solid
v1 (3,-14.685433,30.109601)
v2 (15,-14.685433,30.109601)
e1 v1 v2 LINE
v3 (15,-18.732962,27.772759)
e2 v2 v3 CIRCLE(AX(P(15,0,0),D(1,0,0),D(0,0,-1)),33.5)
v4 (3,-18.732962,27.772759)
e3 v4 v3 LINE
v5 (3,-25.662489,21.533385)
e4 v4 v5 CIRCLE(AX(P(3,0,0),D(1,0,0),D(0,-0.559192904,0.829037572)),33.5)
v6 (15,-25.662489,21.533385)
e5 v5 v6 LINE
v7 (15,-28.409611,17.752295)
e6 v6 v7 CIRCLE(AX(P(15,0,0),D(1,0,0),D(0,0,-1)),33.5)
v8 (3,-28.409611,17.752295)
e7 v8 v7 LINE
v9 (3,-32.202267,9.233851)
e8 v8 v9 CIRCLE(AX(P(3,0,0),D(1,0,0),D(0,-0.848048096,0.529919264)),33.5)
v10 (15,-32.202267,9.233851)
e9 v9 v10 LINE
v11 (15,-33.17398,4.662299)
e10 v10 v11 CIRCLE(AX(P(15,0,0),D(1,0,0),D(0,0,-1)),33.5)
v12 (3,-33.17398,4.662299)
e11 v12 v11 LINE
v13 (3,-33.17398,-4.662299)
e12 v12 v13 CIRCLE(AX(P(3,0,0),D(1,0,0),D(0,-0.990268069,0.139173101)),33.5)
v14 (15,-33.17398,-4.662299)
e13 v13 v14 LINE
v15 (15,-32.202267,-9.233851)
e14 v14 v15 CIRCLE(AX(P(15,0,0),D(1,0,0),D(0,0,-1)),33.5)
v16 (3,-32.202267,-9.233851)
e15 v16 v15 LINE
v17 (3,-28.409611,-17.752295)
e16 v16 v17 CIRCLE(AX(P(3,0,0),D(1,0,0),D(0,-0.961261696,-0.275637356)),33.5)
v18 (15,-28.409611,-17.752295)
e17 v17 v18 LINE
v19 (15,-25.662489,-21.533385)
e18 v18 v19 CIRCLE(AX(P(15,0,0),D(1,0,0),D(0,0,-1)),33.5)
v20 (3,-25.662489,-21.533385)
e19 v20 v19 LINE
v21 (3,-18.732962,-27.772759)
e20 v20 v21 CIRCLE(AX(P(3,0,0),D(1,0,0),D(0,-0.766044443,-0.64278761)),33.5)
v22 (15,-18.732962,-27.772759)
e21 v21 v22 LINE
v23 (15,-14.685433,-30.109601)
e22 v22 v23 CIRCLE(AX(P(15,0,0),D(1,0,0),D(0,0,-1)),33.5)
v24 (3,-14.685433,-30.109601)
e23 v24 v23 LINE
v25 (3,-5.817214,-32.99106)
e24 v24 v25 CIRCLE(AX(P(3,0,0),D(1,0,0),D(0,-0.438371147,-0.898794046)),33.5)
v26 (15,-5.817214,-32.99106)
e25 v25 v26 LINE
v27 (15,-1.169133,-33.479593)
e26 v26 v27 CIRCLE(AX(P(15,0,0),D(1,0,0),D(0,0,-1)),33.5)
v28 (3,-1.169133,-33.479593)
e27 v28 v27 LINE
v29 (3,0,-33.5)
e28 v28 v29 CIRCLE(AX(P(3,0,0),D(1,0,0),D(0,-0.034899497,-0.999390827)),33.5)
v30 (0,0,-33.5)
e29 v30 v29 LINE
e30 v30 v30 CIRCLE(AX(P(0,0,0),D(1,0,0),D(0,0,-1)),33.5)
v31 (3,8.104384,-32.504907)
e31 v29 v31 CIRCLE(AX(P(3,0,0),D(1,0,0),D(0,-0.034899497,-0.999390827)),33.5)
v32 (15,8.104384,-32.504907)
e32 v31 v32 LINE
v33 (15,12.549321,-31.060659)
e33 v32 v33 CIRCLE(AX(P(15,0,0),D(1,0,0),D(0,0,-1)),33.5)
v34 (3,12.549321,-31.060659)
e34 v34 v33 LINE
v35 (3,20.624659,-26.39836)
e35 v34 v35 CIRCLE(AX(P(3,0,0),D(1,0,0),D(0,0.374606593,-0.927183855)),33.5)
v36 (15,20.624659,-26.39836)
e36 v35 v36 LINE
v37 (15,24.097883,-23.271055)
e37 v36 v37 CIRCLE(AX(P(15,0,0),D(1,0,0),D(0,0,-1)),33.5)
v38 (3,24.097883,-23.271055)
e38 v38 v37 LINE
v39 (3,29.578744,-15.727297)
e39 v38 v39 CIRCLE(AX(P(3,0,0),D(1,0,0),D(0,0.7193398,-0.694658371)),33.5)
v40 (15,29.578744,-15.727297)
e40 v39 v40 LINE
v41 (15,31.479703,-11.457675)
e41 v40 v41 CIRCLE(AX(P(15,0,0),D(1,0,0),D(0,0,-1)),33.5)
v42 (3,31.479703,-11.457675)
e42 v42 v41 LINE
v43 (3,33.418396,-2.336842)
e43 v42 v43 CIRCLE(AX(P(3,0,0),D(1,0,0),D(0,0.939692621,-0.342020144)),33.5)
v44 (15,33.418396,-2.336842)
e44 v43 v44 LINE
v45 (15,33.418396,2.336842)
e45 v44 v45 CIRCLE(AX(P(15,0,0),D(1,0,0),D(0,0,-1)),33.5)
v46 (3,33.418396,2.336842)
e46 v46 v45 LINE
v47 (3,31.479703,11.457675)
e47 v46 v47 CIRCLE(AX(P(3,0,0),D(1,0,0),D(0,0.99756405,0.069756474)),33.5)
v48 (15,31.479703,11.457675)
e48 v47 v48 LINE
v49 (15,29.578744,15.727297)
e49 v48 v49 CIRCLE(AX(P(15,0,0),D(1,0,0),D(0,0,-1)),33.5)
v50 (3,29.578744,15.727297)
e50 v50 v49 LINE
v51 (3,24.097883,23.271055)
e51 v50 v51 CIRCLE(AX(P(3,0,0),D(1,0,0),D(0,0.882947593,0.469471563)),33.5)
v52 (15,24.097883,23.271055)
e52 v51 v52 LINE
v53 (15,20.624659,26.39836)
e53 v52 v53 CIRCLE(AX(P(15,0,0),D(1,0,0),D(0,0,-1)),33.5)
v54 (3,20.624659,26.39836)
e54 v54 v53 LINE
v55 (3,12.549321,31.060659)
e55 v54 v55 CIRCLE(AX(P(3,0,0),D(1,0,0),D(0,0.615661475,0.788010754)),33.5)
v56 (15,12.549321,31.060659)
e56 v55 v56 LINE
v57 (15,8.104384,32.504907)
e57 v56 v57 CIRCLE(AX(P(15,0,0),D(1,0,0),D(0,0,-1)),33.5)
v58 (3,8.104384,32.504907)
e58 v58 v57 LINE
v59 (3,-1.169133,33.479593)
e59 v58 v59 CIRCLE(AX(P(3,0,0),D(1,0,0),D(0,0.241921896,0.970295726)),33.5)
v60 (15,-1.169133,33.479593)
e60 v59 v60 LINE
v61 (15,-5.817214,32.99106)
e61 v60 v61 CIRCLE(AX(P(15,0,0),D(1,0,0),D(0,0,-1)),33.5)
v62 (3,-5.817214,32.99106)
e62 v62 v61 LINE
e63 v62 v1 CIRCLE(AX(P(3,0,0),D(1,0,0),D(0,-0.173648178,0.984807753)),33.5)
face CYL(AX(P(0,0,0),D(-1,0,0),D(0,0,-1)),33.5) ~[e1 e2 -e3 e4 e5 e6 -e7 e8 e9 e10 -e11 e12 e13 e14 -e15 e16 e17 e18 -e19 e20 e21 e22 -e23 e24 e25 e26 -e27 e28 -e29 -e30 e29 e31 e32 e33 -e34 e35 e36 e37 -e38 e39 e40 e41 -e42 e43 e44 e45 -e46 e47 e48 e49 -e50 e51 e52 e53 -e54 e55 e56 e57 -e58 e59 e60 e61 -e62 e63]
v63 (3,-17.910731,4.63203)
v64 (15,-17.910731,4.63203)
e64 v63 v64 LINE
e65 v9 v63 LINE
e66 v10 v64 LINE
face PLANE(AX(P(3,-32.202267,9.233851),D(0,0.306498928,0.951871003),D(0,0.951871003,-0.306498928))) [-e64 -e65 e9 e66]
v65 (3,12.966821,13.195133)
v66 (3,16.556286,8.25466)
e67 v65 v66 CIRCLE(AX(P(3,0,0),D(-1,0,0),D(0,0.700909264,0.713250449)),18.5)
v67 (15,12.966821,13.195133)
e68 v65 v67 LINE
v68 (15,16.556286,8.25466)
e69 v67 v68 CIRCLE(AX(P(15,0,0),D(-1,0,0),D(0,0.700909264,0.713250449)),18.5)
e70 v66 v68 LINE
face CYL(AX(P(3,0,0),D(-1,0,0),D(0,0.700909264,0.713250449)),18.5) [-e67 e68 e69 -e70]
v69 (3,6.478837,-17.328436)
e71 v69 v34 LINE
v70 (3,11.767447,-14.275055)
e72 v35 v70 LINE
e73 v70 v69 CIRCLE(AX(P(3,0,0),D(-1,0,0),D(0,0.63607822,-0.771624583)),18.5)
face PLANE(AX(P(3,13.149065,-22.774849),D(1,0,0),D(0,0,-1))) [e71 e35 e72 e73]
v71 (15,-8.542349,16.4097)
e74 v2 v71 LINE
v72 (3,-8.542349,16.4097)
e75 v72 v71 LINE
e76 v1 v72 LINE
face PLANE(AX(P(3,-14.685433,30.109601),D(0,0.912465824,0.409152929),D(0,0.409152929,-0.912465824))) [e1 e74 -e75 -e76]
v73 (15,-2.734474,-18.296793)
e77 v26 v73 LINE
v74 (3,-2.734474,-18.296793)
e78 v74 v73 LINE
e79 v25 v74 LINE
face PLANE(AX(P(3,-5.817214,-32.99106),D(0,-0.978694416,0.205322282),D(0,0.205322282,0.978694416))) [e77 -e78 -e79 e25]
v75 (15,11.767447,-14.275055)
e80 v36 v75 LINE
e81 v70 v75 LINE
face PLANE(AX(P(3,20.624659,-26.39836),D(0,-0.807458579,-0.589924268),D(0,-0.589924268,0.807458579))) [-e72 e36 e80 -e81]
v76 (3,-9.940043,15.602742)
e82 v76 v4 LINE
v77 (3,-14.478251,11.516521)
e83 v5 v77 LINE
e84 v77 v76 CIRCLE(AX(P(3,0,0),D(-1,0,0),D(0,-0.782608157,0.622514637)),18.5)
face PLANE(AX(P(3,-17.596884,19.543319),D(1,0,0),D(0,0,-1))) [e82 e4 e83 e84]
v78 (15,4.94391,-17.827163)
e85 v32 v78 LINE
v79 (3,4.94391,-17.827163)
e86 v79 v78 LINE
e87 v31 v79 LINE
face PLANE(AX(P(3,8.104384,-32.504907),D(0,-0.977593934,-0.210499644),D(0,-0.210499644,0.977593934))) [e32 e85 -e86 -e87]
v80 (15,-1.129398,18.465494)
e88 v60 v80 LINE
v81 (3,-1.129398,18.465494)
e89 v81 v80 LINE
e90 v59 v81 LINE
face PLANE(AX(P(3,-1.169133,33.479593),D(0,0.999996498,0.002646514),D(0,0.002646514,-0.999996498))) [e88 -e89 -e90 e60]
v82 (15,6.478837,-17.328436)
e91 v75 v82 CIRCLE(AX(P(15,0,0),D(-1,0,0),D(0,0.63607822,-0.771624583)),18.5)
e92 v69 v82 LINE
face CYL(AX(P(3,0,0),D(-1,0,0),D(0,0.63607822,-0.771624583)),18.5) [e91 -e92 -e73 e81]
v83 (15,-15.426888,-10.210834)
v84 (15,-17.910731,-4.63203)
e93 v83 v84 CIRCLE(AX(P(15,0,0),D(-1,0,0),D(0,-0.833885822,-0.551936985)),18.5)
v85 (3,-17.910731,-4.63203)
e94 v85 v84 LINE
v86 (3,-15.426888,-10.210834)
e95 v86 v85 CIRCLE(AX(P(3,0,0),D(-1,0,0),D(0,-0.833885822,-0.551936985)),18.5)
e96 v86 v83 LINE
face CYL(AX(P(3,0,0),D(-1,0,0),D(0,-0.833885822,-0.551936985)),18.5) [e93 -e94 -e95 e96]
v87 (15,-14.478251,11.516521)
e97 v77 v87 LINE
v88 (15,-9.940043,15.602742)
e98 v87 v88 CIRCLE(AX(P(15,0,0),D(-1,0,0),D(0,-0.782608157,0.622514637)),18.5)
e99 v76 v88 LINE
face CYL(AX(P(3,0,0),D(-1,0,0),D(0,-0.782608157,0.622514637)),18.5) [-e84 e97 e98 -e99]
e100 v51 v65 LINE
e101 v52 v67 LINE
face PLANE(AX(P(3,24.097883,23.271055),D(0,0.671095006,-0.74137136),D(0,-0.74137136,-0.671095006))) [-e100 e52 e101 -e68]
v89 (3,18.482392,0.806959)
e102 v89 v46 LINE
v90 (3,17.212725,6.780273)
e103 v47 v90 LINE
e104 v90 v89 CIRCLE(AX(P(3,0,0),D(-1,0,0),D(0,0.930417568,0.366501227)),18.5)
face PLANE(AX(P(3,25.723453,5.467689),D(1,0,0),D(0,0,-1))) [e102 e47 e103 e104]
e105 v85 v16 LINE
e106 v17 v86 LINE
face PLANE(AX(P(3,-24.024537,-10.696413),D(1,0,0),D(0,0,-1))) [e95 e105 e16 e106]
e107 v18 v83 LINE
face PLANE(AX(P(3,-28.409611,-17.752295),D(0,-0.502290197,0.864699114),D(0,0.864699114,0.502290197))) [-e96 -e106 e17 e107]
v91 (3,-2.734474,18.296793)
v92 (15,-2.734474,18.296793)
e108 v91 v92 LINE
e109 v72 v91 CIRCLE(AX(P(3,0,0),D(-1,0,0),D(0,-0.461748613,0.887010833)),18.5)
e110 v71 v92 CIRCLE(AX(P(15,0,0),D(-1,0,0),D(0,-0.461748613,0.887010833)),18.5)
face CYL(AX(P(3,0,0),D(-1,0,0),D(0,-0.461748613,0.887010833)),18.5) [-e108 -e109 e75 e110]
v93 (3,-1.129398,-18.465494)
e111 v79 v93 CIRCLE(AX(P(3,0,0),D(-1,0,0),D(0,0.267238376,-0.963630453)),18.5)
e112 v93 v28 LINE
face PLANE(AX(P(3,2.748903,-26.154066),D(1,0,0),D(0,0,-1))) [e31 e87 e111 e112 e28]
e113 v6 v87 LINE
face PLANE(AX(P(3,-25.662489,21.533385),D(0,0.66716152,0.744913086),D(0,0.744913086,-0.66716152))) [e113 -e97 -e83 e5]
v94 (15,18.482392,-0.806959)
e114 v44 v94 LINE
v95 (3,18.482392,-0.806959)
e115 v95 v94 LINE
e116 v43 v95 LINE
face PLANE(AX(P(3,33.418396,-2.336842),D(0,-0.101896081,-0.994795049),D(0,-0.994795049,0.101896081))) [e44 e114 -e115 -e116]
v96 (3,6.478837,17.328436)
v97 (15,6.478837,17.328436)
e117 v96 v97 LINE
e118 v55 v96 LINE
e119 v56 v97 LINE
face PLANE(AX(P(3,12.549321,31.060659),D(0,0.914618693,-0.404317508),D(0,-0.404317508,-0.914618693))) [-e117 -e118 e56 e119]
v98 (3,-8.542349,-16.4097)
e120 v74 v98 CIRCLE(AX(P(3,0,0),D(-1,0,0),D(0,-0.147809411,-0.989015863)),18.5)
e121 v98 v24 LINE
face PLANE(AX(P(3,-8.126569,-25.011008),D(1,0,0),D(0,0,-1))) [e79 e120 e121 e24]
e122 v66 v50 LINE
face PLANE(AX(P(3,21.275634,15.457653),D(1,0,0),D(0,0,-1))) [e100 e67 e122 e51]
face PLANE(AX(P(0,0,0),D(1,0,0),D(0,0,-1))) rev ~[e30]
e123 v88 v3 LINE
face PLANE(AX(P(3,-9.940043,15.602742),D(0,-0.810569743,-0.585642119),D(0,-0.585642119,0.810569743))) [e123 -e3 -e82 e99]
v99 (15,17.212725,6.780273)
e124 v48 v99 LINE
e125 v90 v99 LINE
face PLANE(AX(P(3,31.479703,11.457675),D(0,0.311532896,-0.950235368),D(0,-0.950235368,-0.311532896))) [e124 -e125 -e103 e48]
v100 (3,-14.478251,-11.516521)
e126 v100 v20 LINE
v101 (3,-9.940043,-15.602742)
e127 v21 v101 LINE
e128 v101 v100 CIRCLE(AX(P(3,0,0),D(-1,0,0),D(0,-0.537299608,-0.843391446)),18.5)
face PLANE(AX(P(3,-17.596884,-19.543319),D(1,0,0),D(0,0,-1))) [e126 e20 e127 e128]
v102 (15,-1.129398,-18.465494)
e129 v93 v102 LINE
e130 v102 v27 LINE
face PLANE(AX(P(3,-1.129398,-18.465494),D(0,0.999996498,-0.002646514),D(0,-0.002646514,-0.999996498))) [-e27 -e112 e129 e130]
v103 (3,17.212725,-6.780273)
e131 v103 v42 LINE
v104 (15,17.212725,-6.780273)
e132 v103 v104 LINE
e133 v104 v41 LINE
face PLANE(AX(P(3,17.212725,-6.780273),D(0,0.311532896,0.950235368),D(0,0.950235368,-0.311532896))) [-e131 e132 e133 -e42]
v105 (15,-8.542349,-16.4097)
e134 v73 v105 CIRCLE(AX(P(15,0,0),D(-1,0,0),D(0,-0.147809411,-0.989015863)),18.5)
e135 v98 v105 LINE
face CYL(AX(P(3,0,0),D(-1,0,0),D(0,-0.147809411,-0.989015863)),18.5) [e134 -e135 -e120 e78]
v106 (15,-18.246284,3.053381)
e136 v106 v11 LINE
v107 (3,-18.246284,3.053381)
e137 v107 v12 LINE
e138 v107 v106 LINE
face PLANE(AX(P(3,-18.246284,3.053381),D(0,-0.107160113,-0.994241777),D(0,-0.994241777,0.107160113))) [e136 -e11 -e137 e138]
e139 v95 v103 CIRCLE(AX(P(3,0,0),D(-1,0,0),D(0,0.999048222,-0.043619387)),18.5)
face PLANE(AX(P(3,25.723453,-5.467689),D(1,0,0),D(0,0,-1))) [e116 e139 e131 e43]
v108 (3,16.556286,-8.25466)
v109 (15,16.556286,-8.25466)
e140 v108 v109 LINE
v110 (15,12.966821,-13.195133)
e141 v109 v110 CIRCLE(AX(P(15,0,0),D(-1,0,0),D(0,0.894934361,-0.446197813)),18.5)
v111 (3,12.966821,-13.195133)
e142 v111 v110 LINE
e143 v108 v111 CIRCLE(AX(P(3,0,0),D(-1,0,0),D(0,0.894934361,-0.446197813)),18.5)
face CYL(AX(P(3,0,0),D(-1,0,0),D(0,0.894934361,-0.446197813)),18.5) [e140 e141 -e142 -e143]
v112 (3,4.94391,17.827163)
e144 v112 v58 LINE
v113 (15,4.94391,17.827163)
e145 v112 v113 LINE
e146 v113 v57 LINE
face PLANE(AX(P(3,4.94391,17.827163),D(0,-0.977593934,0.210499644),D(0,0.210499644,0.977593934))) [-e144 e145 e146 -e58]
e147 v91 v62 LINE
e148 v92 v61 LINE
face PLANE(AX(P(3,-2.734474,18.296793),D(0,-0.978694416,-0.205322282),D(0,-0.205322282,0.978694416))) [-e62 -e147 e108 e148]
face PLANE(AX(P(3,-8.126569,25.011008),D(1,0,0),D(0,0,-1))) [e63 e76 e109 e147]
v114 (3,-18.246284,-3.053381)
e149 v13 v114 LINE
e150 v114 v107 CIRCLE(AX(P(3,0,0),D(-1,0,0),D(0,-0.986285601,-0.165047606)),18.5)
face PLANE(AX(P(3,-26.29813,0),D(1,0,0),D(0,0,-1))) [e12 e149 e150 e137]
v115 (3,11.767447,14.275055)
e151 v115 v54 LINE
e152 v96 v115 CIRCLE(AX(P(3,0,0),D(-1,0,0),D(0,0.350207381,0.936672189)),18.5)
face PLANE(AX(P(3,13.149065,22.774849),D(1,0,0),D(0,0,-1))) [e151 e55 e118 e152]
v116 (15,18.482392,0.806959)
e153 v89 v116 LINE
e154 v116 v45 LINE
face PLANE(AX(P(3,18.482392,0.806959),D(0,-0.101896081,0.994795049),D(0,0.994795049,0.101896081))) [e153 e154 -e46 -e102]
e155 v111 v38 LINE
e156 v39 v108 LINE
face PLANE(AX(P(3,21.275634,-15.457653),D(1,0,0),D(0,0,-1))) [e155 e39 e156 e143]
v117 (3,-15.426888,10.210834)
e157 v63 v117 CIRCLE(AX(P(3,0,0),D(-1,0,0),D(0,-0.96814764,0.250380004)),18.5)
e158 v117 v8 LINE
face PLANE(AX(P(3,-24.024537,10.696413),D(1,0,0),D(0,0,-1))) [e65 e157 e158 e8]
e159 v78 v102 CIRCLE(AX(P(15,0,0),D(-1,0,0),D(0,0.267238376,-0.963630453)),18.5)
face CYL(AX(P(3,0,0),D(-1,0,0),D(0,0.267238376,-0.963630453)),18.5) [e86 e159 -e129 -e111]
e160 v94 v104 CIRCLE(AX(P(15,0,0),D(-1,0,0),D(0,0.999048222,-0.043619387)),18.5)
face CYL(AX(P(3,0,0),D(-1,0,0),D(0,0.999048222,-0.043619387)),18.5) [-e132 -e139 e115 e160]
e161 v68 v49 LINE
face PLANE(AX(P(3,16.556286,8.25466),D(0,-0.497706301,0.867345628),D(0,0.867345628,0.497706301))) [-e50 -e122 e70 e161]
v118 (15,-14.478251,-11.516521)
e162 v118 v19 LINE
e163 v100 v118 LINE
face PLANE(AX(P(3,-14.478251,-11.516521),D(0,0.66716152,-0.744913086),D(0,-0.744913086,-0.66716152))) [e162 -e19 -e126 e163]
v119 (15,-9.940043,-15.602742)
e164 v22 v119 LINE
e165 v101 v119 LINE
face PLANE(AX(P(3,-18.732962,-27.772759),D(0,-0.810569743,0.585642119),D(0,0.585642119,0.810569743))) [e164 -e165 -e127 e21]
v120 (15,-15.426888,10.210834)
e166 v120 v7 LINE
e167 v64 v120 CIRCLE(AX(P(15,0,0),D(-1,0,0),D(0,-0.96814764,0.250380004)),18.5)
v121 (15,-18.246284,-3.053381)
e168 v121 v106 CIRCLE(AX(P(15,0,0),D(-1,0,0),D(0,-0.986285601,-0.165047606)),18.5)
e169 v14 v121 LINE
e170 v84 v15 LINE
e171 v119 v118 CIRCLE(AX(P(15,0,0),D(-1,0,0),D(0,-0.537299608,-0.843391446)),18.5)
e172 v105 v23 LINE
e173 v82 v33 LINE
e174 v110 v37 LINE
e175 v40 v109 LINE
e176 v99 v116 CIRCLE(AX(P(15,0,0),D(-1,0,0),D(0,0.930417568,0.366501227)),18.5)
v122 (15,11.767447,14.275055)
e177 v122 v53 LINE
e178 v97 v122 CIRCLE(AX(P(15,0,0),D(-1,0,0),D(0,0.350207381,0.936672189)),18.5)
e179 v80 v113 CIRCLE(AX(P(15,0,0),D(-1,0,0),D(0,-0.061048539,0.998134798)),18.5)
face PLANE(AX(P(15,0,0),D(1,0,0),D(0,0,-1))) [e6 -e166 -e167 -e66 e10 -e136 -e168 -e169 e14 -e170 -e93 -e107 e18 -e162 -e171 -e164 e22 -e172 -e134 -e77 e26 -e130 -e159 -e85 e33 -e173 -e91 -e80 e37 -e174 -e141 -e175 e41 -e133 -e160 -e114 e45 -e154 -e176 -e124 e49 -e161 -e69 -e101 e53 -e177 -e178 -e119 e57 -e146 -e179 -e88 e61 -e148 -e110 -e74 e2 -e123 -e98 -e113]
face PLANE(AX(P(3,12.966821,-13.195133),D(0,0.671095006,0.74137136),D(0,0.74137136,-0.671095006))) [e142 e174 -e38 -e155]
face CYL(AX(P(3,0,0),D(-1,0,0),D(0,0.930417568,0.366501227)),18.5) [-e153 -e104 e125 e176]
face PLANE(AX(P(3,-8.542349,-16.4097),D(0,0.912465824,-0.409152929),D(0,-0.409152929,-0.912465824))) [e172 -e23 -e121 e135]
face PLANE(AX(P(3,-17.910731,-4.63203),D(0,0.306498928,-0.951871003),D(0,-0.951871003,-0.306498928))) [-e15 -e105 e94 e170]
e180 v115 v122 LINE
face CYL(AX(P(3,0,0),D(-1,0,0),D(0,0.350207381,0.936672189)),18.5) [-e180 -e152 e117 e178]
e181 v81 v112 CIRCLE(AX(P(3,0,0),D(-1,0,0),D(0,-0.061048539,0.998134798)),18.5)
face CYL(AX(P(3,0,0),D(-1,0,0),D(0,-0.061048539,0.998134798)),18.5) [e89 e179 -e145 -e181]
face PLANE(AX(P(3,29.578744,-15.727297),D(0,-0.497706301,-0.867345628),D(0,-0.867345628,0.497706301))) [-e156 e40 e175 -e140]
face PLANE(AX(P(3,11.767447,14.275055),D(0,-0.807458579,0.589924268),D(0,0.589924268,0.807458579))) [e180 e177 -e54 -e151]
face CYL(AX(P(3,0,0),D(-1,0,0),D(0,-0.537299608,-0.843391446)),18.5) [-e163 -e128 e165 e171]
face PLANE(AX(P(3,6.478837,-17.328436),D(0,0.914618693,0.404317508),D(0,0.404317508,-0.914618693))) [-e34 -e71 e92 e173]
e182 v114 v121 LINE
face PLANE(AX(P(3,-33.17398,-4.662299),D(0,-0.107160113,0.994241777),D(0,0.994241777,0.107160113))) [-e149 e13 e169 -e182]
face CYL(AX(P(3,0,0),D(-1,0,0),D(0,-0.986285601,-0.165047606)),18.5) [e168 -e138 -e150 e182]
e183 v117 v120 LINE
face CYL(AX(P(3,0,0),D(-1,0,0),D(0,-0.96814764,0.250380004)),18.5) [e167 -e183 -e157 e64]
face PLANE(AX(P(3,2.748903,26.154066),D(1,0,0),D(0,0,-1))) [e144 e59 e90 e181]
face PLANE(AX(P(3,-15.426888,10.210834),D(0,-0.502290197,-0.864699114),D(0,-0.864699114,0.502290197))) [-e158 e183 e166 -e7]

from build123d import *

# Parameters (mm, degrees)
SKETCH1_R           = 33.5
BOSS_EXTRUDE1_DEPTH = 15
CUT_EXTRUDE1_START  = -12
CUT_EXTRUDE1_DEPTH  = 12


with BuildPart() as part:
    # Sketch1 → Boss-Extrude1 (new body)
    with BuildSketch(Plane(origin=(0, 0, 0), x_dir=(0, 0, -1), z_dir=(1, 0, 0))):
        Circle(SKETCH1_R)
    extrude(amount=BOSS_EXTRUDE1_DEPTH)

    # Sketch3 → Cut-Extrude1 (cut)
    with BuildSketch(Plane(origin=(15, 0, 0), x_dir=(0, 0, -1), z_dir=(1, 0, 0)).offset(CUT_EXTRUDE1_START)):
        with BuildLine():
            Line((2.33684187, 33.418395684), (0.806958666, 18.482392099))
            ThreePointArc((0.806958666, 18.482392099), (3.84636628, 18.095730614), (6.780272694, 17.212725008))
            Line((6.780272694, 17.212725008), (11.457674801, 31.479702796))
            ThreePointArc((11.457674801, 31.479702796), (6.965041642, 32.767944625), (2.33684187, 33.418395684))
        make_face()
        with BuildLine():
            Line((15.727297353, 29.578744361), (8.254659543, 16.55628569))
            ThreePointArc((8.254659543, 16.55628569), (10.874027167, 14.966814396), (13.195133309, 12.96682139))
            Line((13.195133309, 12.96682139), (23.27105541, 24.097883311))
            ThreePointArc((23.27105541, 24.097883311), (19.690805952, 27.102069312), (15.727297353, 29.578744361))
        make_face()
        with BuildLine():
            Line((26.398360246, 20.624659423), (14.275054793, 11.767447075))
            ThreePointArc((14.275054793, 11.767447075), (16.02146997, 9.25), (17.328435501, 6.478836553))
            Line((17.328435501, 6.478836553), (31.060659128, 12.549320879))
            ThreePointArc((31.060659128, 12.549320879), (29.011851027, 16.75), (26.398360246, 20.624659423))
        make_face()
        with BuildLine():
            Line((32.50490683, 8.104383503), (17.827163384, 4.943909957))
            ThreePointArc((17.827163384, 4.943909957), (18.398655064, 1.93377657), (18.465493771, -1.129397981))
            Line((18.465493771, -1.129397981), (33.479592705, -1.16913314))
            ThreePointArc((33.479592705, -1.16913314), (33.316483495, 3.501703519), (32.50490683, 8.104383503))
        make_face()
        with BuildLine():
            Line((32.991059726, -5.817213952), (18.296793472, -2.734474106))
            ThreePointArc((18.296793472, -2.734474106), (17.594545551, -5.716814396), (16.409700414, -8.542349345))
            Line((16.409700414, -8.542349345), (30.109600551, -14.685433417))
            ThreePointArc((30.109600551, -14.685433417), (31.860393296, -10.352069312), (32.991059726, -5.817213952))
        make_face()
        with BuildLine():
            Line((27.772758681, -18.732962266), (15.602741748, -9.940042754))
            ThreePointArc((15.602741748, -9.940042754), (13.748179271, -12.378916218), (11.516520778, -14.478250902))
            Line((11.516520778, -14.478250902), (21.533384924, -25.662488844))
            ThreePointArc((21.533384924, -25.662488844), (24.895351653, -22.415875313), (27.772758681, -18.732962266))
        make_face()
        with BuildLine():
            Line((17.752295352, -28.409611221), (10.210834228, -15.426887708))
            ThreePointArc((10.210834228, -15.426887708), (7.524627897, -16.900590966), (4.632030075, -17.910731347))
            Line((4.632030075, -17.910731347), (9.23385142, -32.202266814))
            ThreePointArc((9.23385142, -32.202266814), (13.625677543, -30.603772831), (17.752295352, -28.409611221))
        make_face()
        with BuildLine():
            Line((4.662298882, -33.173980303), (3.053380708, -18.246283628))
            ThreePointArc((3.053380708, -18.246283628), (0, -18.5), (-3.053380708, -18.246283628))
            Line((-3.053380708, -18.246283628), (-4.662298882, -33.173980303))
            ThreePointArc((-4.662298882, -33.173980303), (0, -33.5), (4.662298882, -33.173980303))
        make_face()
        with BuildLine():
            Line((-9.23385142, -32.202266814), (-4.632030075, -17.910731347))
            ThreePointArc((-4.632030075, -17.910731347), (-7.524627897, -16.900590966), (-10.210834228, -15.426887708))
            Line((-10.210834228, -15.426887708), (-17.752295352, -28.409611221))
            ThreePointArc((-17.752295352, -28.409611221), (-13.625677543, -30.603772831), (-9.23385142, -32.202266814))
        make_face()
        with BuildLine():
            Line((-21.533384924, -25.662488844), (-11.516520778, -14.478250902))
            ThreePointArc((-11.516520778, -14.478250902), (-13.748179271, -12.378916218), (-15.602741748, -9.940042754))
            Line((-15.602741748, -9.940042754), (-27.772758681, -18.732962266))
            ThreePointArc((-27.772758681, -18.732962266), (-24.895351653, -22.415875313), (-21.533384924, -25.662488844))
        make_face()
        with BuildLine():
            Line((-30.109600551, -14.685433417), (-16.409700414, -8.542349345))
            ThreePointArc((-16.409700414, -8.542349345), (-17.594545551, -5.716814396), (-18.296793472, -2.734474106))
            Line((-18.296793472, -2.734474106), (-32.991059726, -5.817213952))
            ThreePointArc((-32.991059726, -5.817213952), (-31.860393296, -10.352069312), (-30.109600551, -14.685433417))
        make_face()
        with BuildLine():
            Line((-33.479592705, -1.16913314), (-18.465493771, -1.129397981))
            ThreePointArc((-18.465493771, -1.129397981), (-18.398655064, 1.93377657), (-17.827163384, 4.943909957))
            Line((-17.827163384, 4.943909957), (-32.50490683, 8.104383503))
            ThreePointArc((-32.50490683, 8.104383503), (-33.316483495, 3.501703519), (-33.479592705, -1.16913314))
        make_face()
        with BuildLine():
            Line((-31.060659128, 12.549320879), (-17.328435501, 6.478836553))
            ThreePointArc((-17.328435501, 6.478836553), (-16.02146997, 9.25), (-14.275054793, 11.767447075))
            Line((-14.275054793, 11.767447075), (-26.398360246, 20.624659423))
            ThreePointArc((-26.398360246, 20.624659423), (-29.011851027, 16.75), (-31.060659128, 12.549320879))
        make_face()
        with BuildLine():
            Line((-23.27105541, 24.097883311), (-13.195133309, 12.96682139))
            ThreePointArc((-13.195133309, 12.96682139), (-10.874027167, 14.966814396), (-8.254659543, 16.55628569))
            Line((-8.254659543, 16.55628569), (-15.727297353, 29.578744361))
            ThreePointArc((-15.727297353, 29.578744361), (-19.690805952, 27.102069312), (-23.27105541, 24.097883311))
        make_face()
        with BuildLine():
            Line((-11.457674801, 31.479702796), (-6.780272694, 17.212725008))
            ThreePointArc((-6.780272694, 17.212725008), (-3.84636628, 18.095730614), (-0.806958666, 18.482392099))
            Line((-0.806958666, 18.482392099), (-2.33684187, 33.418395684))
            ThreePointArc((-2.33684187, 33.418395684), (-6.965041642, 32.767944625), (-11.457674801, 31.479702796))
        make_face()
    extrude(amount=CUT_EXTRUDE1_DEPTH, mode=Mode.SUBTRACT)


solid = part.part
